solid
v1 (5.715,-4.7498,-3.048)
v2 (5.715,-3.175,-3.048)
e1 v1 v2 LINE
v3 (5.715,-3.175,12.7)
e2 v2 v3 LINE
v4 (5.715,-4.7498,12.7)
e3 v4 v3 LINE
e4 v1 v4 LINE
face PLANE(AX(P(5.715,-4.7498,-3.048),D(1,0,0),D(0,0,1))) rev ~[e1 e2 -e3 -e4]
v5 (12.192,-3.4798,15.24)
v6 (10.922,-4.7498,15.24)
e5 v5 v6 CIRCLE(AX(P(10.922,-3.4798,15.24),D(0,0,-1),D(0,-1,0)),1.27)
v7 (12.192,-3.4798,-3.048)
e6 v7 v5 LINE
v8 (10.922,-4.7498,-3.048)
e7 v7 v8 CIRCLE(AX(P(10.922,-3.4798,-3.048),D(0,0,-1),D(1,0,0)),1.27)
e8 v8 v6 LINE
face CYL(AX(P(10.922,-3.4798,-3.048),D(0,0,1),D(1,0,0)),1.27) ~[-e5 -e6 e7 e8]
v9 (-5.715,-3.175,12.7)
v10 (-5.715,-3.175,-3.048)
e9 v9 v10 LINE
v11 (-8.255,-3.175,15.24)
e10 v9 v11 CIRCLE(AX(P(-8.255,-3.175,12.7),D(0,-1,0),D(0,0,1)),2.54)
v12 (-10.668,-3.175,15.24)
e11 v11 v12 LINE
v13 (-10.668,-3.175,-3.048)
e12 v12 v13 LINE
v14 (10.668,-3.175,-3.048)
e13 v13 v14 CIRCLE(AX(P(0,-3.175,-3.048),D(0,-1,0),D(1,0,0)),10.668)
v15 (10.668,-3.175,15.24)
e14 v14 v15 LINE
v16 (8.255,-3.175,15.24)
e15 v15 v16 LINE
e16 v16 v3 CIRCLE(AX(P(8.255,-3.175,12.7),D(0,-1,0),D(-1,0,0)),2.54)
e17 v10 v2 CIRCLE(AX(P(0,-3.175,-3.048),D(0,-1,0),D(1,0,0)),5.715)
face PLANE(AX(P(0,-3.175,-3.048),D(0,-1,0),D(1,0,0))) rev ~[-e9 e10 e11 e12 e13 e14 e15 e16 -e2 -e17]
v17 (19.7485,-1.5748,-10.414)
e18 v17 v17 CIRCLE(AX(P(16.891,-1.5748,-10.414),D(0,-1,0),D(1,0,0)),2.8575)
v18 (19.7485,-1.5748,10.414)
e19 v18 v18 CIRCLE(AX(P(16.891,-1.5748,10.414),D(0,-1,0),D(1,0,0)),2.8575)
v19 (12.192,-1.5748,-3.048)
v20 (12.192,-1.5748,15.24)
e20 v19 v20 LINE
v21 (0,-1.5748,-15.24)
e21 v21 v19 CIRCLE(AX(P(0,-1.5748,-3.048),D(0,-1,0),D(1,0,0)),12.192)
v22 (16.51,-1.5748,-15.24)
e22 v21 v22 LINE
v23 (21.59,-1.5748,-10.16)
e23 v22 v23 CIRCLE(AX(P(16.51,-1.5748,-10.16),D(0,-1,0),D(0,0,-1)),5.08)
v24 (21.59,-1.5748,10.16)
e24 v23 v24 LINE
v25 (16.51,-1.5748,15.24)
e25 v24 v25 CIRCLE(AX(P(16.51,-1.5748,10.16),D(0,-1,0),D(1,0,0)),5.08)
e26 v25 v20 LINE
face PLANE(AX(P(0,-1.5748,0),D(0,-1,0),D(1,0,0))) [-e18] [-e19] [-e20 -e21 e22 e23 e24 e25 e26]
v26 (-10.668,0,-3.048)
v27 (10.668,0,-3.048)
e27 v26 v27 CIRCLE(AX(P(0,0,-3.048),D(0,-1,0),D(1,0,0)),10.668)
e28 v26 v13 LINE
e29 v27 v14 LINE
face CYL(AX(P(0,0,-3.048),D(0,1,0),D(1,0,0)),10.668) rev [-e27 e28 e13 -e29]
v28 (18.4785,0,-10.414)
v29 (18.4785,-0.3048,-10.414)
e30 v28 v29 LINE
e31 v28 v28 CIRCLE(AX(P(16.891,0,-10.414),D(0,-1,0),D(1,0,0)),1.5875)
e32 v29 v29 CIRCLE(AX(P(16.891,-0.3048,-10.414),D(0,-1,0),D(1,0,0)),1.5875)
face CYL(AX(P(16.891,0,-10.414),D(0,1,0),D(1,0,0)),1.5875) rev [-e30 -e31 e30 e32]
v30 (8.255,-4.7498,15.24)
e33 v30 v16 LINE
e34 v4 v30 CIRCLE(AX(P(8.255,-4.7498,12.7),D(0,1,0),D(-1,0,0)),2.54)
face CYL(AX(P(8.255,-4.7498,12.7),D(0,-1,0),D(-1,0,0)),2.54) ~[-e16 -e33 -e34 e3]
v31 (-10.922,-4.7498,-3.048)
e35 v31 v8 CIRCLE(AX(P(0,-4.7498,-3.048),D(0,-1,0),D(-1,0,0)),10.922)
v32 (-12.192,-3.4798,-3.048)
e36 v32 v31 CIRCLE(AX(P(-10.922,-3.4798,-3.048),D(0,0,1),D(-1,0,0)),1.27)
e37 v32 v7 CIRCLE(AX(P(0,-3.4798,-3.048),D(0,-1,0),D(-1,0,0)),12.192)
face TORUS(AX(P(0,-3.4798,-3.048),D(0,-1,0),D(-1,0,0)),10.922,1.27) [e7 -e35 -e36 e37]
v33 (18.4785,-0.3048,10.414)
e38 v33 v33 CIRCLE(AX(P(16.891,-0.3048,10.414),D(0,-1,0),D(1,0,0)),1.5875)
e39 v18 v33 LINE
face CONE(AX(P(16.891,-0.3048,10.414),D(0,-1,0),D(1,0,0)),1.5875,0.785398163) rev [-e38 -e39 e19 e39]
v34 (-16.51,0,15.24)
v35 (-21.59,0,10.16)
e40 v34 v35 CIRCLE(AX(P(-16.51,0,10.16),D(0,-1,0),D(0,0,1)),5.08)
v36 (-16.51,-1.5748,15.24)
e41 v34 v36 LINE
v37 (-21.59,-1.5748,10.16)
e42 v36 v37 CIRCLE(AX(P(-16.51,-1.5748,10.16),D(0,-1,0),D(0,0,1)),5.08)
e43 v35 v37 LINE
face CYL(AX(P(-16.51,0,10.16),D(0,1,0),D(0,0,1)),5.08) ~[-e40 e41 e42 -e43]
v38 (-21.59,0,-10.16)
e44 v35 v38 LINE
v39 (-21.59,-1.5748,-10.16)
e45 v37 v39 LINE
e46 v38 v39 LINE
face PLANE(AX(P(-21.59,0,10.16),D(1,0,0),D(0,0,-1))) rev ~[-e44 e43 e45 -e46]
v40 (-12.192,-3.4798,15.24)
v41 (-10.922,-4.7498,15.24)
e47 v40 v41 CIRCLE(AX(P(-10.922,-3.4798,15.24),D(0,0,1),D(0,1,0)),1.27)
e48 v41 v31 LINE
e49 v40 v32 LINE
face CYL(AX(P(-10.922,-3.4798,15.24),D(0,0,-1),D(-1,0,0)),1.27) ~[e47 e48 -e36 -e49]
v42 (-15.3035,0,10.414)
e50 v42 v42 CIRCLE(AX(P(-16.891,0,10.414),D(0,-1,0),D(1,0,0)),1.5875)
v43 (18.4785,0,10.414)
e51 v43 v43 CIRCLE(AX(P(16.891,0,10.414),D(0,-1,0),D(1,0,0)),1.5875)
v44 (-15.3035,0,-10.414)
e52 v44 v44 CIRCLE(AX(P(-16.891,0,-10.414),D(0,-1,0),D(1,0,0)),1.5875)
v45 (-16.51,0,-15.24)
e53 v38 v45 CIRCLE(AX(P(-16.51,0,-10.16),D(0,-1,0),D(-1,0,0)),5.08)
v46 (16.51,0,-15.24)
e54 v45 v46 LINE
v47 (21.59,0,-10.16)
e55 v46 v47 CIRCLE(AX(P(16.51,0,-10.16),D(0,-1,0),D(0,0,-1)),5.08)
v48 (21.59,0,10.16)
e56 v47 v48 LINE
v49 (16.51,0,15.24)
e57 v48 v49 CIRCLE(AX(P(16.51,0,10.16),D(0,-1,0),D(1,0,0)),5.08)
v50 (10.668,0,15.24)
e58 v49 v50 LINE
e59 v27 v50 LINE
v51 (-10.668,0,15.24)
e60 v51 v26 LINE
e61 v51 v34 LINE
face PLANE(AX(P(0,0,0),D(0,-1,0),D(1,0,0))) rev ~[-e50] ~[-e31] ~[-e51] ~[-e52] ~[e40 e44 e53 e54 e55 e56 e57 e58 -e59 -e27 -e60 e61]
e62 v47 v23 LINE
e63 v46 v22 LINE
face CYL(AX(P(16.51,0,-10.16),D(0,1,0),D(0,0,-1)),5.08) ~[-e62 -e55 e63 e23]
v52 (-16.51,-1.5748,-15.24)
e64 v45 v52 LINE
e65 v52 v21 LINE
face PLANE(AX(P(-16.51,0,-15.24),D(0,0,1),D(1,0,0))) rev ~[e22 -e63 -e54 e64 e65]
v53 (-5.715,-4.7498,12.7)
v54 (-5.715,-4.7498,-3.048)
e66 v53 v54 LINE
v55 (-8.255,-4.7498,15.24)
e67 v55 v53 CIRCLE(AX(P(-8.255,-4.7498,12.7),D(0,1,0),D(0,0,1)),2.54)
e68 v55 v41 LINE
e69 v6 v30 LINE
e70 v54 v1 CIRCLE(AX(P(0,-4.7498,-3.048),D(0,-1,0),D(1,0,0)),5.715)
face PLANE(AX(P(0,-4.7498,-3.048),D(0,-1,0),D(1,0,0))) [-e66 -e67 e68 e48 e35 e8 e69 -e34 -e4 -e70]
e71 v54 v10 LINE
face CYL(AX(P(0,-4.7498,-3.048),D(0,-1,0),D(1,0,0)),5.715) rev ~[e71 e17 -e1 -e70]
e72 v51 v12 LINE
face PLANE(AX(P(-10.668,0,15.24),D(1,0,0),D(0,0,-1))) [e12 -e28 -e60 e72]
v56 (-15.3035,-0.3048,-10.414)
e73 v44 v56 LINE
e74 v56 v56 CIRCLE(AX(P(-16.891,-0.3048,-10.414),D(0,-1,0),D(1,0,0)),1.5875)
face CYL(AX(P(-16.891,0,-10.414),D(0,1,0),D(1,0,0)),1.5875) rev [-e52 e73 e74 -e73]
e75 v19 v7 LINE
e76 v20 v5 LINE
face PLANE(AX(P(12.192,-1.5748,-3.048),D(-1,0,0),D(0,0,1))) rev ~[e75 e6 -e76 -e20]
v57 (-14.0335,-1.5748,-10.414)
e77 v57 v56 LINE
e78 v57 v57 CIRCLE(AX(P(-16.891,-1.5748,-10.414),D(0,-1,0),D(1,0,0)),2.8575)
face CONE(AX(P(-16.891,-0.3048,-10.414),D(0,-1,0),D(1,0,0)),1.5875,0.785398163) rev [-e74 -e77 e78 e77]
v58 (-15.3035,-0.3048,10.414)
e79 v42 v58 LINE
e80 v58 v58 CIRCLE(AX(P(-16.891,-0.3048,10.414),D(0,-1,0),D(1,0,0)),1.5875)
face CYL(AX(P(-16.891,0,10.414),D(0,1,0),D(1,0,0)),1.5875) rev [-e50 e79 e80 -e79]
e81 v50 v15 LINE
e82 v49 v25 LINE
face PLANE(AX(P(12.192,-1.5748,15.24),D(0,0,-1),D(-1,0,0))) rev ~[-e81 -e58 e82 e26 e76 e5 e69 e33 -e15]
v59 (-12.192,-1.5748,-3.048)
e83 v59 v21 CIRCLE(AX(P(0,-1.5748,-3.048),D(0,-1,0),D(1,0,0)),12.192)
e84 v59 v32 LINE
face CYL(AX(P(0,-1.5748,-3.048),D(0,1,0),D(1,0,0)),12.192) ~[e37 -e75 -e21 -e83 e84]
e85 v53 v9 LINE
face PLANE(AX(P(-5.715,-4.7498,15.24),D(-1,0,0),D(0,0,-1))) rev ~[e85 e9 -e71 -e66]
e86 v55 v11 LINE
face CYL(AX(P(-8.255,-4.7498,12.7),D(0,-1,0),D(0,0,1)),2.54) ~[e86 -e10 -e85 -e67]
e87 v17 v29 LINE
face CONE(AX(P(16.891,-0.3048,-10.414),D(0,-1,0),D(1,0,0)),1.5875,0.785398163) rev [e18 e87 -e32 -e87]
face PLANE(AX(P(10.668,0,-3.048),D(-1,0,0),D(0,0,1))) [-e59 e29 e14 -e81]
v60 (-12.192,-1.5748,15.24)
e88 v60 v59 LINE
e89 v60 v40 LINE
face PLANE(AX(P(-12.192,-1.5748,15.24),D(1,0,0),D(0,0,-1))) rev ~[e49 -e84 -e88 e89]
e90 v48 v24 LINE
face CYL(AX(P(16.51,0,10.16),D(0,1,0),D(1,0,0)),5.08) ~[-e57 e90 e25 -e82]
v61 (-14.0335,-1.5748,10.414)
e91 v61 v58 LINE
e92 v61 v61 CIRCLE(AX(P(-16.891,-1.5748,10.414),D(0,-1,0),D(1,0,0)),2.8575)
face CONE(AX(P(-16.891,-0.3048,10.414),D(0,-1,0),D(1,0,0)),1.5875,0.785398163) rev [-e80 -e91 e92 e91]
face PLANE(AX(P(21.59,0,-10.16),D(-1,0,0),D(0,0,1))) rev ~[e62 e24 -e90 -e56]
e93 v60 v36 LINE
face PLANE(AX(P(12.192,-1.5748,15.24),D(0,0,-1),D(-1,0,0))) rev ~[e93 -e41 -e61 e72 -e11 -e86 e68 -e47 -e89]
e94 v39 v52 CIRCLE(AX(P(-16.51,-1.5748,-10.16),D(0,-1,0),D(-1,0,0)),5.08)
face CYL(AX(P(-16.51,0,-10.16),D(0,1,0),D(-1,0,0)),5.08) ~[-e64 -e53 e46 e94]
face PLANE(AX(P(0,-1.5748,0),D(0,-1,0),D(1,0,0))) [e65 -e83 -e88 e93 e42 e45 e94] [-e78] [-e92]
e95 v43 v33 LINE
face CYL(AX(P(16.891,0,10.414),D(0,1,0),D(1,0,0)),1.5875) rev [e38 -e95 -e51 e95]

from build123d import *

# Parameters (mm, degrees)
F0_R     = 1.5875
F1_DEPTH = 1.5748
F3_DEPTH = 3.175
F5_DEPTH = 3.175
F7_DEPTH = 4.7508
F9_DEPTH = 4.7508
F10_R    = 1.27
F11_SIZE = 1.27


with BuildPart() as f1:
    # F0 (on Front) → F1 (new body)
    with BuildSketch(Plane.XZ):
        with BuildLine():
            ThreePointArc((21.59, 10.16), (20.1021024484, 13.7521024484), (16.51, 15.24))
            Line((16.51, 15.24), (-16.51, 15.24))
            ThreePointArc((-16.51, 15.24), (-20.1021024484, 13.7521024484), (-21.59, 10.16))
            Line((-21.59, 10.16), (-21.59, -10.16))
            ThreePointArc((-21.59, -10.16), (-20.1021024484, -13.7521024484), (-16.51, -15.24))
            Line((-16.51, -15.24), (16.51, -15.24))
            ThreePointArc((16.51, -15.24), (20.1021024484, -13.7521024484), (21.59, -10.16))
            Line((21.59, -10.16), (21.59, 10.16))
        make_face()
        with Locations((-16.891, -10.414)):
            Circle(F0_R, mode=Mode.SUBTRACT)
        with Locations((16.891, -10.414)):
            Circle(F0_R, mode=Mode.SUBTRACT)
        with Locations((-16.891, 10.414)):
            Circle(F0_R, mode=Mode.SUBTRACT)
        with Locations((16.891, 10.414)):
            Circle(F0_R, mode=Mode.SUBTRACT)
    extrude(amount=F1_DEPTH)

    # F2 (on face) → F3 (join)
    with BuildSketch(Plane.XZ.offset(1.5748)):
        with BuildLine():
            ThreePointArc((-12.192, -3.048), (0, -15.24), (12.192, -3.048))
            ThreePointArc((12.192, -3.048), (0, 9.144), (-12.192, -3.048))
        make_face()
        with BuildLine():
            ThreePointArc((-12.192, -3.048), (0, 9.144), (12.192, -3.048))
            Line((12.192, -3.048), (12.192, 15.24))
            Line((12.192, 15.24), (-12.192, 15.24))
            Line((-12.192, 15.24), (-12.192, -3.048))
        make_face()
    extrude(amount=F3_DEPTH)

    # F4 (on Front) → F5 (cut)
    with BuildSketch(Plane.XZ):
        with BuildLine():
            ThreePointArc((-10.668, -3.048), (0, -13.716), (10.668, -3.048))
            ThreePointArc((10.668, -3.048), (0, 7.62), (-10.668, -3.048))
        make_face()
        with BuildLine():
            ThreePointArc((-10.668, -3.048), (0, 7.62), (10.668, -3.048))
            Line((10.668, -3.048), (10.668, 15.24))
            Line((10.668, 15.24), (-10.668, 15.24))
            Line((-10.668, 15.24), (-10.668, -3.048))
        make_face()
    extrude(amount=F5_DEPTH, mode=Mode.SUBTRACT)

    # F6 (on face) → F7 (cut, through all)
    with BuildSketch(Plane.XZ.offset(4.7498)):
        with BuildLine():
            Line((5.715, -3.048), (5.715, 15.24))
            Line((5.715, 15.24), (-5.715, 15.24))
            Line((-5.715, 15.24), (-5.715, -3.048))
            ThreePointArc((-5.715, -3.048), (0, 2.667), (5.715, -3.048))
        make_face()
        with BuildLine():
            ThreePointArc((-5.715, -3.048), (0, -8.763), (5.715, -3.048))
            ThreePointArc((5.715, -3.048), (0, 2.667), (-5.715, -3.048))
        make_face()
    extrude(amount=-F7_DEPTH, mode=Mode.SUBTRACT)

    # F8 (on face) → F9 (cut, through all)
    with BuildSketch(Plane.XZ.offset(4.7498)):
        with BuildLine():
            Line((-5.715, 15.24), (-8.255, 15.24))
            ThreePointArc((-8.255, 15.24), (-6.4589487758, 14.4960512242), (-5.715, 12.7))
            Line((-5.715, 12.7), (-5.715, 15.24))
        make_face()
        with BuildLine():
            Line((5.715, 15.24), (5.715, 12.7))
            ThreePointArc((5.715, 12.7), (6.4589487758, 14.4960512242), (8.255, 15.24))
            Line((8.255, 15.24), (5.715, 15.24))
        make_face()
    extrude(amount=-F9_DEPTH, mode=Mode.SUBTRACT)

    # F10
    f10_edges = [f1.edges().sort_by_distance(p)[0] for p in [
        (0, -4.7498, -15.24),
        (-12.192, -4.7498, 6.096),
        (12.192, -4.7498, 6.096),
    ]]
    fillet(f10_edges, radius=F10_R)

    # F11
    f11_edges = [f1.edges().sort_by_distance(p)[0] for p in [
        (-18.4785, -1.5748, 10.414),
        (-18.4785, -1.5748, -10.414),
        (15.3035, -1.5748, 10.414),
        (15.3035, -1.5748, -10.414),
    ]]
    chamfer(f11_edges, length=F11_SIZE)


solid = f1.part
